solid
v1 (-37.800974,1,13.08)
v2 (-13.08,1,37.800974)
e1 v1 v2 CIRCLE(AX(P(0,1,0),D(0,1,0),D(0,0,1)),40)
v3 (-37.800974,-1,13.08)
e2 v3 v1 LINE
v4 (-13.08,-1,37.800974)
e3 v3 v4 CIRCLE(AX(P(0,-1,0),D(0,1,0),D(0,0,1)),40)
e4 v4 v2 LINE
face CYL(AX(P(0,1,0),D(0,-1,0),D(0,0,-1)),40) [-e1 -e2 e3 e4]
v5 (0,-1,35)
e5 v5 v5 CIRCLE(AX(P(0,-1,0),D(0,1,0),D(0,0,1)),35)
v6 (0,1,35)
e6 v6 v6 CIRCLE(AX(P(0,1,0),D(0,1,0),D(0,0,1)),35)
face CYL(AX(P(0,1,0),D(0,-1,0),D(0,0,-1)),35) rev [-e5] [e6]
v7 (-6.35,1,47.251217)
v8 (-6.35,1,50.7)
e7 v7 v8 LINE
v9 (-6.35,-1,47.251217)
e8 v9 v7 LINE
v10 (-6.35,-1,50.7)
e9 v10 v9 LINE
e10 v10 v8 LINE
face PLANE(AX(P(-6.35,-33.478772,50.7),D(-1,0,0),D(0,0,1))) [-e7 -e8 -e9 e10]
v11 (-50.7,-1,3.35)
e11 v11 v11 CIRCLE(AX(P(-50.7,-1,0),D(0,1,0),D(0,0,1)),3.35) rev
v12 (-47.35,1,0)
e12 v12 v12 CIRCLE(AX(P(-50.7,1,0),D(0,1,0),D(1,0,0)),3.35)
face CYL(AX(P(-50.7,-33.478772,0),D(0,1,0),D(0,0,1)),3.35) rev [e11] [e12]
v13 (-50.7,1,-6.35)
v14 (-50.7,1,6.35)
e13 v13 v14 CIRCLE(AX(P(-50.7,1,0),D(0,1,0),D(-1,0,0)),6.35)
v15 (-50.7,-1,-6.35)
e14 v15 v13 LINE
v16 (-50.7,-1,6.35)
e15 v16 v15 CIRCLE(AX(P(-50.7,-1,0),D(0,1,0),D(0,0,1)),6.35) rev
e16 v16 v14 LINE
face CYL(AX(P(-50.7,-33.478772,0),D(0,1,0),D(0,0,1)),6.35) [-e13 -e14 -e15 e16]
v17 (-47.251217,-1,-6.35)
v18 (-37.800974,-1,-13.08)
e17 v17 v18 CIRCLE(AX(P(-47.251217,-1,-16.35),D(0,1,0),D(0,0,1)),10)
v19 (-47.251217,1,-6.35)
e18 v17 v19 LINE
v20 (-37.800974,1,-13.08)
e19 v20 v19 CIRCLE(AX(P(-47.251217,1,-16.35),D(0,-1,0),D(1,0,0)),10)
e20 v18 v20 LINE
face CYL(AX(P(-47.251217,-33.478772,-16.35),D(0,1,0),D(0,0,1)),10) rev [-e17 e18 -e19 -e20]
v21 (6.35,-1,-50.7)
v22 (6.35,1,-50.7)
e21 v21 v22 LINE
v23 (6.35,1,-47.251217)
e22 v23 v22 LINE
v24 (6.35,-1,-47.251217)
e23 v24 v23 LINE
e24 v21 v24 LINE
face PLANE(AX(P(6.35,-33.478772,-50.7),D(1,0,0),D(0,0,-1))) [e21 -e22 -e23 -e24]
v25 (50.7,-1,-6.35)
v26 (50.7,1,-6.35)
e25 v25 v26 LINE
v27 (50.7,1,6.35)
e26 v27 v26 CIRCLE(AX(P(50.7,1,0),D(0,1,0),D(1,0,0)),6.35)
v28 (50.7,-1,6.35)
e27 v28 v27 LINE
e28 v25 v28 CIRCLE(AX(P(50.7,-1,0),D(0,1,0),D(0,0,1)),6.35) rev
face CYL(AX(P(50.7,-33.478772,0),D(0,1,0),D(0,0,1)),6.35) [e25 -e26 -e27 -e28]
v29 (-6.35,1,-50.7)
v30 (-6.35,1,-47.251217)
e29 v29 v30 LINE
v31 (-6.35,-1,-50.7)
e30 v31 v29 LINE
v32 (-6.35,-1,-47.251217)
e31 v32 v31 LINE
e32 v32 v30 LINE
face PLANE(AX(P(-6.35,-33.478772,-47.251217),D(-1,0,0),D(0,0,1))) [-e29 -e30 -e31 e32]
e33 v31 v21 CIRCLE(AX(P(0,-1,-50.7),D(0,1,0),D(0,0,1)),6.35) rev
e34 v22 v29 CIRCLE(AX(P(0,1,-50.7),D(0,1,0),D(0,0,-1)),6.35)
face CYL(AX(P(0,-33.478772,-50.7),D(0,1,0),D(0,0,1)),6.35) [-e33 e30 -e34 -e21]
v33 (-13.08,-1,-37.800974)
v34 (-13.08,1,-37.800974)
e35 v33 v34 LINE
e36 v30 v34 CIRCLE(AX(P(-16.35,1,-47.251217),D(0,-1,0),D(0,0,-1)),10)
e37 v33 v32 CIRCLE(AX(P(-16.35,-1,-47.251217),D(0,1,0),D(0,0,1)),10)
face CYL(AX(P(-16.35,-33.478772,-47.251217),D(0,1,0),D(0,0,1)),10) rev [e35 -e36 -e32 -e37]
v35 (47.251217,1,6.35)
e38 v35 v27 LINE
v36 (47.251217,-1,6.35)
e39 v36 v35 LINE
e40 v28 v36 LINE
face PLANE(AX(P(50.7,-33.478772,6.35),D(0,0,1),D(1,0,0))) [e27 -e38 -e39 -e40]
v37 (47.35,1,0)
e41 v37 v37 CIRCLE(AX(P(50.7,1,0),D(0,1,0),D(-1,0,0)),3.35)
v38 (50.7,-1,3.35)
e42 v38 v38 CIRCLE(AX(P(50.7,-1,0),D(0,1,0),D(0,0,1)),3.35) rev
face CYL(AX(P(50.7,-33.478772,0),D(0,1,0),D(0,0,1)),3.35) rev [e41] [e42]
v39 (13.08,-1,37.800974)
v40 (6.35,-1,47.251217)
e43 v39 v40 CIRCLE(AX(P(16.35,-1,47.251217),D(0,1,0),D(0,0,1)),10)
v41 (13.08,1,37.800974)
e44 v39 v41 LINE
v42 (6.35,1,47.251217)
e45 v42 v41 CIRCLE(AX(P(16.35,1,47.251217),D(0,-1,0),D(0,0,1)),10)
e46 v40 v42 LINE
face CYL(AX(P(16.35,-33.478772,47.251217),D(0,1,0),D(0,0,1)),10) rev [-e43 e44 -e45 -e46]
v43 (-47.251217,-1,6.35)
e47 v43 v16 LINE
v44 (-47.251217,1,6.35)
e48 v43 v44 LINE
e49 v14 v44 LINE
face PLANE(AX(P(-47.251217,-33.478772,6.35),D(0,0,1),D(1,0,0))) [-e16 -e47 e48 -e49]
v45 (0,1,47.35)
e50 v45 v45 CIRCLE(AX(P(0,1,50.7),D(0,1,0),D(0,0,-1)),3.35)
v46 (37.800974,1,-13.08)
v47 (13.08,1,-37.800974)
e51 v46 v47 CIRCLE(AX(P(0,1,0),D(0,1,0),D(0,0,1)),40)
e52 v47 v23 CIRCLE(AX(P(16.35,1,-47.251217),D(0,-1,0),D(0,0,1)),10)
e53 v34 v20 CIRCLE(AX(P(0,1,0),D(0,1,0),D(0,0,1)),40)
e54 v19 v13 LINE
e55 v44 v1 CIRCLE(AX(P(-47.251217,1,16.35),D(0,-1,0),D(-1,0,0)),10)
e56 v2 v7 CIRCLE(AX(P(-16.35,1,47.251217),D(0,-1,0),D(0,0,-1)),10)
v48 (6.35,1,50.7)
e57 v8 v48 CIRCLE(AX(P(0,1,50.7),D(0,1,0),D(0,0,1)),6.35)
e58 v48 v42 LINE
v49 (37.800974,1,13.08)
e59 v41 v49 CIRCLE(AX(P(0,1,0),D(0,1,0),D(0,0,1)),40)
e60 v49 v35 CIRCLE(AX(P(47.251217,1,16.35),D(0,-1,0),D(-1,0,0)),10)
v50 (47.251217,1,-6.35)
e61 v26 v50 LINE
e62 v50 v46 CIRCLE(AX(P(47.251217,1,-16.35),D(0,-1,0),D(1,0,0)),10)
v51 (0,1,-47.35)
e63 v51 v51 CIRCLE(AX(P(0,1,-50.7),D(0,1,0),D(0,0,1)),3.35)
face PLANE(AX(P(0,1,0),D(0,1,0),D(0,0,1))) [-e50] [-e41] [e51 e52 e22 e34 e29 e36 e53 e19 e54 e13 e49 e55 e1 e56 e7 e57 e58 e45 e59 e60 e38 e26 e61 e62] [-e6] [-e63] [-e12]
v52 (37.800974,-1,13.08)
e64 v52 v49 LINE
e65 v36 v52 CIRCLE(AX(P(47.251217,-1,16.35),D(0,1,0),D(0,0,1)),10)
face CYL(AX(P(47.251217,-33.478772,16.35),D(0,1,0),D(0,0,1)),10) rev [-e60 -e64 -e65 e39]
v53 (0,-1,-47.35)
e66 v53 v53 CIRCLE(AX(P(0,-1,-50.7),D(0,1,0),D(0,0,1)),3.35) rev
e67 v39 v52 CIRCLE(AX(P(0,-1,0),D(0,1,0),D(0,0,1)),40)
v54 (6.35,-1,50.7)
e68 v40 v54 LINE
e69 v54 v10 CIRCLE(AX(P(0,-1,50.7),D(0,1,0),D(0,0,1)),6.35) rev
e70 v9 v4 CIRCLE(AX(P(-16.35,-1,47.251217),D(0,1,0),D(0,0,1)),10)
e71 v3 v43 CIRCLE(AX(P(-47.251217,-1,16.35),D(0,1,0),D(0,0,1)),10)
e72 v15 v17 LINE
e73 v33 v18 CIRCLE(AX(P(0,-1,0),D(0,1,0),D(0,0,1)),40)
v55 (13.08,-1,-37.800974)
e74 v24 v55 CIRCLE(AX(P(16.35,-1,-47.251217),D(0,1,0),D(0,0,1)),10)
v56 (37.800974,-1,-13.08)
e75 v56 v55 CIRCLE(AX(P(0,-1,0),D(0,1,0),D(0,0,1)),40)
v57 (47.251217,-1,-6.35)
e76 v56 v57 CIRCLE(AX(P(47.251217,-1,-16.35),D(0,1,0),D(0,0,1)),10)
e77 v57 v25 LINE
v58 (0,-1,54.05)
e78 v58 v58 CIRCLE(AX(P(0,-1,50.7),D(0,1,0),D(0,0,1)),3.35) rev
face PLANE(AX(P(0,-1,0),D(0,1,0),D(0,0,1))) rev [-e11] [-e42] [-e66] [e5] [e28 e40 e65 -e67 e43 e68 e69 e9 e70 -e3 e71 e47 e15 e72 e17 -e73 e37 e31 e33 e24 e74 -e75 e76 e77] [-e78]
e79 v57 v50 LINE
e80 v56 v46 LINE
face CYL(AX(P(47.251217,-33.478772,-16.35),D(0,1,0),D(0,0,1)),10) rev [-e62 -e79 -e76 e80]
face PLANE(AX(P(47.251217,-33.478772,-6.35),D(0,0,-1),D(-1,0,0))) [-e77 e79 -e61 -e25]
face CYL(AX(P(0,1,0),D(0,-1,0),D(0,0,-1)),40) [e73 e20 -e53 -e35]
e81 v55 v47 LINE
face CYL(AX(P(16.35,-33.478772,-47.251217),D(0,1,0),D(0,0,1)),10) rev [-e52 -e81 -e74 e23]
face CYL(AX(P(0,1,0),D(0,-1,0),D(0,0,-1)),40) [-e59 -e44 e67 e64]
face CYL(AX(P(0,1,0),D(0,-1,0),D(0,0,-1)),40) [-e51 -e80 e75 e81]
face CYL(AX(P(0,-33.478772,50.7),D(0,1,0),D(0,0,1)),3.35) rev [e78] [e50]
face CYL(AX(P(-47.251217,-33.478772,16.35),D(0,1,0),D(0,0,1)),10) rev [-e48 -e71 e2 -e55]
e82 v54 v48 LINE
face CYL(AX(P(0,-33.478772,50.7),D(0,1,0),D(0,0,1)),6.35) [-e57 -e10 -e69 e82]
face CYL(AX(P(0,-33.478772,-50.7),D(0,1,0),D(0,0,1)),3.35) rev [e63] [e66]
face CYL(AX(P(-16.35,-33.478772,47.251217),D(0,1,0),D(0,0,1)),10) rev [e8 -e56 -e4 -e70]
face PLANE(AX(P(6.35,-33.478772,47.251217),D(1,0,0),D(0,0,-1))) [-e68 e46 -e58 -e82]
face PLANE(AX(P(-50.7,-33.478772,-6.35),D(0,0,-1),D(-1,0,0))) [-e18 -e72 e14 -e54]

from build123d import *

# Parameters (mm, degrees)
SKETCH1_R           = 40
SKETCH1_R_2         = 35
BOSS_EXTRUDE1_DEPTH = 1
SKETCH2_R           = 3.35
BOSS_EXTRUDE2_DEPTH = 2
CIRPATTERN1_COUNT   = 4


with BuildPart() as part:
    # Sketch1 → Boss-Extrude1 (new, symmetric)
    with BuildSketch(Plane(origin=(0, 0, 0), x_dir=(1, 0, 0), z_dir=(0, 1, 0))):
        with Locations(Location((0, 0, 0), (0, 0, 270))):
            Circle(SKETCH1_R)
        with Locations(Location((0, 0, 0), (0, 0, 270))):
            Circle(SKETCH1_R_2, mode=Mode.SUBTRACT)
    extrude(amount=BOSS_EXTRUDE1_DEPTH, both=True)

    # Sketch2 → Boss-Extrude2 (add)
    with BuildSketch(Plane(origin=(0, 1, 0), x_dir=(1, 0, 0), z_dir=(0, 1, 0))):
        with BuildLine():
            Line((-6.35, 47.251216916), (-6.35, 50.7))
            ThreePointArc((-6.35, 50.7), (0, 57.05), (6.35, 50.7))
            Line((6.35, 50.7), (6.35, 47.251216916))
            ThreePointArc((6.35, 47.251216916), (8.204449067, 41.450354911), (13.08, 37.800973532))
            ThreePointArc((13.08, 37.800973532), (0, 40), (-13.08, 37.800973532))
            ThreePointArc((-13.08, 37.800973532), (-8.204449067, 41.450354911), (-6.35, 47.251216916))
        make_face()
        with Locations(Location((0, 50.7, 0), (0, 0, 270))):
            Circle(SKETCH2_R, mode=Mode.SUBTRACT)
    boss_extrude2 = extrude(amount=-BOSS_EXTRUDE2_DEPTH)

    # CirPattern1: Boss-Extrude2 ×4 about axis
    cirpattern1_axis = Axis((0, 0, 0), (0, 1, 0))
    for i in range(1, CIRPATTERN1_COUNT):
        add(boss_extrude2.rotate(cirpattern1_axis, i * 360 / CIRPATTERN1_COUNT))


solid = part.part
